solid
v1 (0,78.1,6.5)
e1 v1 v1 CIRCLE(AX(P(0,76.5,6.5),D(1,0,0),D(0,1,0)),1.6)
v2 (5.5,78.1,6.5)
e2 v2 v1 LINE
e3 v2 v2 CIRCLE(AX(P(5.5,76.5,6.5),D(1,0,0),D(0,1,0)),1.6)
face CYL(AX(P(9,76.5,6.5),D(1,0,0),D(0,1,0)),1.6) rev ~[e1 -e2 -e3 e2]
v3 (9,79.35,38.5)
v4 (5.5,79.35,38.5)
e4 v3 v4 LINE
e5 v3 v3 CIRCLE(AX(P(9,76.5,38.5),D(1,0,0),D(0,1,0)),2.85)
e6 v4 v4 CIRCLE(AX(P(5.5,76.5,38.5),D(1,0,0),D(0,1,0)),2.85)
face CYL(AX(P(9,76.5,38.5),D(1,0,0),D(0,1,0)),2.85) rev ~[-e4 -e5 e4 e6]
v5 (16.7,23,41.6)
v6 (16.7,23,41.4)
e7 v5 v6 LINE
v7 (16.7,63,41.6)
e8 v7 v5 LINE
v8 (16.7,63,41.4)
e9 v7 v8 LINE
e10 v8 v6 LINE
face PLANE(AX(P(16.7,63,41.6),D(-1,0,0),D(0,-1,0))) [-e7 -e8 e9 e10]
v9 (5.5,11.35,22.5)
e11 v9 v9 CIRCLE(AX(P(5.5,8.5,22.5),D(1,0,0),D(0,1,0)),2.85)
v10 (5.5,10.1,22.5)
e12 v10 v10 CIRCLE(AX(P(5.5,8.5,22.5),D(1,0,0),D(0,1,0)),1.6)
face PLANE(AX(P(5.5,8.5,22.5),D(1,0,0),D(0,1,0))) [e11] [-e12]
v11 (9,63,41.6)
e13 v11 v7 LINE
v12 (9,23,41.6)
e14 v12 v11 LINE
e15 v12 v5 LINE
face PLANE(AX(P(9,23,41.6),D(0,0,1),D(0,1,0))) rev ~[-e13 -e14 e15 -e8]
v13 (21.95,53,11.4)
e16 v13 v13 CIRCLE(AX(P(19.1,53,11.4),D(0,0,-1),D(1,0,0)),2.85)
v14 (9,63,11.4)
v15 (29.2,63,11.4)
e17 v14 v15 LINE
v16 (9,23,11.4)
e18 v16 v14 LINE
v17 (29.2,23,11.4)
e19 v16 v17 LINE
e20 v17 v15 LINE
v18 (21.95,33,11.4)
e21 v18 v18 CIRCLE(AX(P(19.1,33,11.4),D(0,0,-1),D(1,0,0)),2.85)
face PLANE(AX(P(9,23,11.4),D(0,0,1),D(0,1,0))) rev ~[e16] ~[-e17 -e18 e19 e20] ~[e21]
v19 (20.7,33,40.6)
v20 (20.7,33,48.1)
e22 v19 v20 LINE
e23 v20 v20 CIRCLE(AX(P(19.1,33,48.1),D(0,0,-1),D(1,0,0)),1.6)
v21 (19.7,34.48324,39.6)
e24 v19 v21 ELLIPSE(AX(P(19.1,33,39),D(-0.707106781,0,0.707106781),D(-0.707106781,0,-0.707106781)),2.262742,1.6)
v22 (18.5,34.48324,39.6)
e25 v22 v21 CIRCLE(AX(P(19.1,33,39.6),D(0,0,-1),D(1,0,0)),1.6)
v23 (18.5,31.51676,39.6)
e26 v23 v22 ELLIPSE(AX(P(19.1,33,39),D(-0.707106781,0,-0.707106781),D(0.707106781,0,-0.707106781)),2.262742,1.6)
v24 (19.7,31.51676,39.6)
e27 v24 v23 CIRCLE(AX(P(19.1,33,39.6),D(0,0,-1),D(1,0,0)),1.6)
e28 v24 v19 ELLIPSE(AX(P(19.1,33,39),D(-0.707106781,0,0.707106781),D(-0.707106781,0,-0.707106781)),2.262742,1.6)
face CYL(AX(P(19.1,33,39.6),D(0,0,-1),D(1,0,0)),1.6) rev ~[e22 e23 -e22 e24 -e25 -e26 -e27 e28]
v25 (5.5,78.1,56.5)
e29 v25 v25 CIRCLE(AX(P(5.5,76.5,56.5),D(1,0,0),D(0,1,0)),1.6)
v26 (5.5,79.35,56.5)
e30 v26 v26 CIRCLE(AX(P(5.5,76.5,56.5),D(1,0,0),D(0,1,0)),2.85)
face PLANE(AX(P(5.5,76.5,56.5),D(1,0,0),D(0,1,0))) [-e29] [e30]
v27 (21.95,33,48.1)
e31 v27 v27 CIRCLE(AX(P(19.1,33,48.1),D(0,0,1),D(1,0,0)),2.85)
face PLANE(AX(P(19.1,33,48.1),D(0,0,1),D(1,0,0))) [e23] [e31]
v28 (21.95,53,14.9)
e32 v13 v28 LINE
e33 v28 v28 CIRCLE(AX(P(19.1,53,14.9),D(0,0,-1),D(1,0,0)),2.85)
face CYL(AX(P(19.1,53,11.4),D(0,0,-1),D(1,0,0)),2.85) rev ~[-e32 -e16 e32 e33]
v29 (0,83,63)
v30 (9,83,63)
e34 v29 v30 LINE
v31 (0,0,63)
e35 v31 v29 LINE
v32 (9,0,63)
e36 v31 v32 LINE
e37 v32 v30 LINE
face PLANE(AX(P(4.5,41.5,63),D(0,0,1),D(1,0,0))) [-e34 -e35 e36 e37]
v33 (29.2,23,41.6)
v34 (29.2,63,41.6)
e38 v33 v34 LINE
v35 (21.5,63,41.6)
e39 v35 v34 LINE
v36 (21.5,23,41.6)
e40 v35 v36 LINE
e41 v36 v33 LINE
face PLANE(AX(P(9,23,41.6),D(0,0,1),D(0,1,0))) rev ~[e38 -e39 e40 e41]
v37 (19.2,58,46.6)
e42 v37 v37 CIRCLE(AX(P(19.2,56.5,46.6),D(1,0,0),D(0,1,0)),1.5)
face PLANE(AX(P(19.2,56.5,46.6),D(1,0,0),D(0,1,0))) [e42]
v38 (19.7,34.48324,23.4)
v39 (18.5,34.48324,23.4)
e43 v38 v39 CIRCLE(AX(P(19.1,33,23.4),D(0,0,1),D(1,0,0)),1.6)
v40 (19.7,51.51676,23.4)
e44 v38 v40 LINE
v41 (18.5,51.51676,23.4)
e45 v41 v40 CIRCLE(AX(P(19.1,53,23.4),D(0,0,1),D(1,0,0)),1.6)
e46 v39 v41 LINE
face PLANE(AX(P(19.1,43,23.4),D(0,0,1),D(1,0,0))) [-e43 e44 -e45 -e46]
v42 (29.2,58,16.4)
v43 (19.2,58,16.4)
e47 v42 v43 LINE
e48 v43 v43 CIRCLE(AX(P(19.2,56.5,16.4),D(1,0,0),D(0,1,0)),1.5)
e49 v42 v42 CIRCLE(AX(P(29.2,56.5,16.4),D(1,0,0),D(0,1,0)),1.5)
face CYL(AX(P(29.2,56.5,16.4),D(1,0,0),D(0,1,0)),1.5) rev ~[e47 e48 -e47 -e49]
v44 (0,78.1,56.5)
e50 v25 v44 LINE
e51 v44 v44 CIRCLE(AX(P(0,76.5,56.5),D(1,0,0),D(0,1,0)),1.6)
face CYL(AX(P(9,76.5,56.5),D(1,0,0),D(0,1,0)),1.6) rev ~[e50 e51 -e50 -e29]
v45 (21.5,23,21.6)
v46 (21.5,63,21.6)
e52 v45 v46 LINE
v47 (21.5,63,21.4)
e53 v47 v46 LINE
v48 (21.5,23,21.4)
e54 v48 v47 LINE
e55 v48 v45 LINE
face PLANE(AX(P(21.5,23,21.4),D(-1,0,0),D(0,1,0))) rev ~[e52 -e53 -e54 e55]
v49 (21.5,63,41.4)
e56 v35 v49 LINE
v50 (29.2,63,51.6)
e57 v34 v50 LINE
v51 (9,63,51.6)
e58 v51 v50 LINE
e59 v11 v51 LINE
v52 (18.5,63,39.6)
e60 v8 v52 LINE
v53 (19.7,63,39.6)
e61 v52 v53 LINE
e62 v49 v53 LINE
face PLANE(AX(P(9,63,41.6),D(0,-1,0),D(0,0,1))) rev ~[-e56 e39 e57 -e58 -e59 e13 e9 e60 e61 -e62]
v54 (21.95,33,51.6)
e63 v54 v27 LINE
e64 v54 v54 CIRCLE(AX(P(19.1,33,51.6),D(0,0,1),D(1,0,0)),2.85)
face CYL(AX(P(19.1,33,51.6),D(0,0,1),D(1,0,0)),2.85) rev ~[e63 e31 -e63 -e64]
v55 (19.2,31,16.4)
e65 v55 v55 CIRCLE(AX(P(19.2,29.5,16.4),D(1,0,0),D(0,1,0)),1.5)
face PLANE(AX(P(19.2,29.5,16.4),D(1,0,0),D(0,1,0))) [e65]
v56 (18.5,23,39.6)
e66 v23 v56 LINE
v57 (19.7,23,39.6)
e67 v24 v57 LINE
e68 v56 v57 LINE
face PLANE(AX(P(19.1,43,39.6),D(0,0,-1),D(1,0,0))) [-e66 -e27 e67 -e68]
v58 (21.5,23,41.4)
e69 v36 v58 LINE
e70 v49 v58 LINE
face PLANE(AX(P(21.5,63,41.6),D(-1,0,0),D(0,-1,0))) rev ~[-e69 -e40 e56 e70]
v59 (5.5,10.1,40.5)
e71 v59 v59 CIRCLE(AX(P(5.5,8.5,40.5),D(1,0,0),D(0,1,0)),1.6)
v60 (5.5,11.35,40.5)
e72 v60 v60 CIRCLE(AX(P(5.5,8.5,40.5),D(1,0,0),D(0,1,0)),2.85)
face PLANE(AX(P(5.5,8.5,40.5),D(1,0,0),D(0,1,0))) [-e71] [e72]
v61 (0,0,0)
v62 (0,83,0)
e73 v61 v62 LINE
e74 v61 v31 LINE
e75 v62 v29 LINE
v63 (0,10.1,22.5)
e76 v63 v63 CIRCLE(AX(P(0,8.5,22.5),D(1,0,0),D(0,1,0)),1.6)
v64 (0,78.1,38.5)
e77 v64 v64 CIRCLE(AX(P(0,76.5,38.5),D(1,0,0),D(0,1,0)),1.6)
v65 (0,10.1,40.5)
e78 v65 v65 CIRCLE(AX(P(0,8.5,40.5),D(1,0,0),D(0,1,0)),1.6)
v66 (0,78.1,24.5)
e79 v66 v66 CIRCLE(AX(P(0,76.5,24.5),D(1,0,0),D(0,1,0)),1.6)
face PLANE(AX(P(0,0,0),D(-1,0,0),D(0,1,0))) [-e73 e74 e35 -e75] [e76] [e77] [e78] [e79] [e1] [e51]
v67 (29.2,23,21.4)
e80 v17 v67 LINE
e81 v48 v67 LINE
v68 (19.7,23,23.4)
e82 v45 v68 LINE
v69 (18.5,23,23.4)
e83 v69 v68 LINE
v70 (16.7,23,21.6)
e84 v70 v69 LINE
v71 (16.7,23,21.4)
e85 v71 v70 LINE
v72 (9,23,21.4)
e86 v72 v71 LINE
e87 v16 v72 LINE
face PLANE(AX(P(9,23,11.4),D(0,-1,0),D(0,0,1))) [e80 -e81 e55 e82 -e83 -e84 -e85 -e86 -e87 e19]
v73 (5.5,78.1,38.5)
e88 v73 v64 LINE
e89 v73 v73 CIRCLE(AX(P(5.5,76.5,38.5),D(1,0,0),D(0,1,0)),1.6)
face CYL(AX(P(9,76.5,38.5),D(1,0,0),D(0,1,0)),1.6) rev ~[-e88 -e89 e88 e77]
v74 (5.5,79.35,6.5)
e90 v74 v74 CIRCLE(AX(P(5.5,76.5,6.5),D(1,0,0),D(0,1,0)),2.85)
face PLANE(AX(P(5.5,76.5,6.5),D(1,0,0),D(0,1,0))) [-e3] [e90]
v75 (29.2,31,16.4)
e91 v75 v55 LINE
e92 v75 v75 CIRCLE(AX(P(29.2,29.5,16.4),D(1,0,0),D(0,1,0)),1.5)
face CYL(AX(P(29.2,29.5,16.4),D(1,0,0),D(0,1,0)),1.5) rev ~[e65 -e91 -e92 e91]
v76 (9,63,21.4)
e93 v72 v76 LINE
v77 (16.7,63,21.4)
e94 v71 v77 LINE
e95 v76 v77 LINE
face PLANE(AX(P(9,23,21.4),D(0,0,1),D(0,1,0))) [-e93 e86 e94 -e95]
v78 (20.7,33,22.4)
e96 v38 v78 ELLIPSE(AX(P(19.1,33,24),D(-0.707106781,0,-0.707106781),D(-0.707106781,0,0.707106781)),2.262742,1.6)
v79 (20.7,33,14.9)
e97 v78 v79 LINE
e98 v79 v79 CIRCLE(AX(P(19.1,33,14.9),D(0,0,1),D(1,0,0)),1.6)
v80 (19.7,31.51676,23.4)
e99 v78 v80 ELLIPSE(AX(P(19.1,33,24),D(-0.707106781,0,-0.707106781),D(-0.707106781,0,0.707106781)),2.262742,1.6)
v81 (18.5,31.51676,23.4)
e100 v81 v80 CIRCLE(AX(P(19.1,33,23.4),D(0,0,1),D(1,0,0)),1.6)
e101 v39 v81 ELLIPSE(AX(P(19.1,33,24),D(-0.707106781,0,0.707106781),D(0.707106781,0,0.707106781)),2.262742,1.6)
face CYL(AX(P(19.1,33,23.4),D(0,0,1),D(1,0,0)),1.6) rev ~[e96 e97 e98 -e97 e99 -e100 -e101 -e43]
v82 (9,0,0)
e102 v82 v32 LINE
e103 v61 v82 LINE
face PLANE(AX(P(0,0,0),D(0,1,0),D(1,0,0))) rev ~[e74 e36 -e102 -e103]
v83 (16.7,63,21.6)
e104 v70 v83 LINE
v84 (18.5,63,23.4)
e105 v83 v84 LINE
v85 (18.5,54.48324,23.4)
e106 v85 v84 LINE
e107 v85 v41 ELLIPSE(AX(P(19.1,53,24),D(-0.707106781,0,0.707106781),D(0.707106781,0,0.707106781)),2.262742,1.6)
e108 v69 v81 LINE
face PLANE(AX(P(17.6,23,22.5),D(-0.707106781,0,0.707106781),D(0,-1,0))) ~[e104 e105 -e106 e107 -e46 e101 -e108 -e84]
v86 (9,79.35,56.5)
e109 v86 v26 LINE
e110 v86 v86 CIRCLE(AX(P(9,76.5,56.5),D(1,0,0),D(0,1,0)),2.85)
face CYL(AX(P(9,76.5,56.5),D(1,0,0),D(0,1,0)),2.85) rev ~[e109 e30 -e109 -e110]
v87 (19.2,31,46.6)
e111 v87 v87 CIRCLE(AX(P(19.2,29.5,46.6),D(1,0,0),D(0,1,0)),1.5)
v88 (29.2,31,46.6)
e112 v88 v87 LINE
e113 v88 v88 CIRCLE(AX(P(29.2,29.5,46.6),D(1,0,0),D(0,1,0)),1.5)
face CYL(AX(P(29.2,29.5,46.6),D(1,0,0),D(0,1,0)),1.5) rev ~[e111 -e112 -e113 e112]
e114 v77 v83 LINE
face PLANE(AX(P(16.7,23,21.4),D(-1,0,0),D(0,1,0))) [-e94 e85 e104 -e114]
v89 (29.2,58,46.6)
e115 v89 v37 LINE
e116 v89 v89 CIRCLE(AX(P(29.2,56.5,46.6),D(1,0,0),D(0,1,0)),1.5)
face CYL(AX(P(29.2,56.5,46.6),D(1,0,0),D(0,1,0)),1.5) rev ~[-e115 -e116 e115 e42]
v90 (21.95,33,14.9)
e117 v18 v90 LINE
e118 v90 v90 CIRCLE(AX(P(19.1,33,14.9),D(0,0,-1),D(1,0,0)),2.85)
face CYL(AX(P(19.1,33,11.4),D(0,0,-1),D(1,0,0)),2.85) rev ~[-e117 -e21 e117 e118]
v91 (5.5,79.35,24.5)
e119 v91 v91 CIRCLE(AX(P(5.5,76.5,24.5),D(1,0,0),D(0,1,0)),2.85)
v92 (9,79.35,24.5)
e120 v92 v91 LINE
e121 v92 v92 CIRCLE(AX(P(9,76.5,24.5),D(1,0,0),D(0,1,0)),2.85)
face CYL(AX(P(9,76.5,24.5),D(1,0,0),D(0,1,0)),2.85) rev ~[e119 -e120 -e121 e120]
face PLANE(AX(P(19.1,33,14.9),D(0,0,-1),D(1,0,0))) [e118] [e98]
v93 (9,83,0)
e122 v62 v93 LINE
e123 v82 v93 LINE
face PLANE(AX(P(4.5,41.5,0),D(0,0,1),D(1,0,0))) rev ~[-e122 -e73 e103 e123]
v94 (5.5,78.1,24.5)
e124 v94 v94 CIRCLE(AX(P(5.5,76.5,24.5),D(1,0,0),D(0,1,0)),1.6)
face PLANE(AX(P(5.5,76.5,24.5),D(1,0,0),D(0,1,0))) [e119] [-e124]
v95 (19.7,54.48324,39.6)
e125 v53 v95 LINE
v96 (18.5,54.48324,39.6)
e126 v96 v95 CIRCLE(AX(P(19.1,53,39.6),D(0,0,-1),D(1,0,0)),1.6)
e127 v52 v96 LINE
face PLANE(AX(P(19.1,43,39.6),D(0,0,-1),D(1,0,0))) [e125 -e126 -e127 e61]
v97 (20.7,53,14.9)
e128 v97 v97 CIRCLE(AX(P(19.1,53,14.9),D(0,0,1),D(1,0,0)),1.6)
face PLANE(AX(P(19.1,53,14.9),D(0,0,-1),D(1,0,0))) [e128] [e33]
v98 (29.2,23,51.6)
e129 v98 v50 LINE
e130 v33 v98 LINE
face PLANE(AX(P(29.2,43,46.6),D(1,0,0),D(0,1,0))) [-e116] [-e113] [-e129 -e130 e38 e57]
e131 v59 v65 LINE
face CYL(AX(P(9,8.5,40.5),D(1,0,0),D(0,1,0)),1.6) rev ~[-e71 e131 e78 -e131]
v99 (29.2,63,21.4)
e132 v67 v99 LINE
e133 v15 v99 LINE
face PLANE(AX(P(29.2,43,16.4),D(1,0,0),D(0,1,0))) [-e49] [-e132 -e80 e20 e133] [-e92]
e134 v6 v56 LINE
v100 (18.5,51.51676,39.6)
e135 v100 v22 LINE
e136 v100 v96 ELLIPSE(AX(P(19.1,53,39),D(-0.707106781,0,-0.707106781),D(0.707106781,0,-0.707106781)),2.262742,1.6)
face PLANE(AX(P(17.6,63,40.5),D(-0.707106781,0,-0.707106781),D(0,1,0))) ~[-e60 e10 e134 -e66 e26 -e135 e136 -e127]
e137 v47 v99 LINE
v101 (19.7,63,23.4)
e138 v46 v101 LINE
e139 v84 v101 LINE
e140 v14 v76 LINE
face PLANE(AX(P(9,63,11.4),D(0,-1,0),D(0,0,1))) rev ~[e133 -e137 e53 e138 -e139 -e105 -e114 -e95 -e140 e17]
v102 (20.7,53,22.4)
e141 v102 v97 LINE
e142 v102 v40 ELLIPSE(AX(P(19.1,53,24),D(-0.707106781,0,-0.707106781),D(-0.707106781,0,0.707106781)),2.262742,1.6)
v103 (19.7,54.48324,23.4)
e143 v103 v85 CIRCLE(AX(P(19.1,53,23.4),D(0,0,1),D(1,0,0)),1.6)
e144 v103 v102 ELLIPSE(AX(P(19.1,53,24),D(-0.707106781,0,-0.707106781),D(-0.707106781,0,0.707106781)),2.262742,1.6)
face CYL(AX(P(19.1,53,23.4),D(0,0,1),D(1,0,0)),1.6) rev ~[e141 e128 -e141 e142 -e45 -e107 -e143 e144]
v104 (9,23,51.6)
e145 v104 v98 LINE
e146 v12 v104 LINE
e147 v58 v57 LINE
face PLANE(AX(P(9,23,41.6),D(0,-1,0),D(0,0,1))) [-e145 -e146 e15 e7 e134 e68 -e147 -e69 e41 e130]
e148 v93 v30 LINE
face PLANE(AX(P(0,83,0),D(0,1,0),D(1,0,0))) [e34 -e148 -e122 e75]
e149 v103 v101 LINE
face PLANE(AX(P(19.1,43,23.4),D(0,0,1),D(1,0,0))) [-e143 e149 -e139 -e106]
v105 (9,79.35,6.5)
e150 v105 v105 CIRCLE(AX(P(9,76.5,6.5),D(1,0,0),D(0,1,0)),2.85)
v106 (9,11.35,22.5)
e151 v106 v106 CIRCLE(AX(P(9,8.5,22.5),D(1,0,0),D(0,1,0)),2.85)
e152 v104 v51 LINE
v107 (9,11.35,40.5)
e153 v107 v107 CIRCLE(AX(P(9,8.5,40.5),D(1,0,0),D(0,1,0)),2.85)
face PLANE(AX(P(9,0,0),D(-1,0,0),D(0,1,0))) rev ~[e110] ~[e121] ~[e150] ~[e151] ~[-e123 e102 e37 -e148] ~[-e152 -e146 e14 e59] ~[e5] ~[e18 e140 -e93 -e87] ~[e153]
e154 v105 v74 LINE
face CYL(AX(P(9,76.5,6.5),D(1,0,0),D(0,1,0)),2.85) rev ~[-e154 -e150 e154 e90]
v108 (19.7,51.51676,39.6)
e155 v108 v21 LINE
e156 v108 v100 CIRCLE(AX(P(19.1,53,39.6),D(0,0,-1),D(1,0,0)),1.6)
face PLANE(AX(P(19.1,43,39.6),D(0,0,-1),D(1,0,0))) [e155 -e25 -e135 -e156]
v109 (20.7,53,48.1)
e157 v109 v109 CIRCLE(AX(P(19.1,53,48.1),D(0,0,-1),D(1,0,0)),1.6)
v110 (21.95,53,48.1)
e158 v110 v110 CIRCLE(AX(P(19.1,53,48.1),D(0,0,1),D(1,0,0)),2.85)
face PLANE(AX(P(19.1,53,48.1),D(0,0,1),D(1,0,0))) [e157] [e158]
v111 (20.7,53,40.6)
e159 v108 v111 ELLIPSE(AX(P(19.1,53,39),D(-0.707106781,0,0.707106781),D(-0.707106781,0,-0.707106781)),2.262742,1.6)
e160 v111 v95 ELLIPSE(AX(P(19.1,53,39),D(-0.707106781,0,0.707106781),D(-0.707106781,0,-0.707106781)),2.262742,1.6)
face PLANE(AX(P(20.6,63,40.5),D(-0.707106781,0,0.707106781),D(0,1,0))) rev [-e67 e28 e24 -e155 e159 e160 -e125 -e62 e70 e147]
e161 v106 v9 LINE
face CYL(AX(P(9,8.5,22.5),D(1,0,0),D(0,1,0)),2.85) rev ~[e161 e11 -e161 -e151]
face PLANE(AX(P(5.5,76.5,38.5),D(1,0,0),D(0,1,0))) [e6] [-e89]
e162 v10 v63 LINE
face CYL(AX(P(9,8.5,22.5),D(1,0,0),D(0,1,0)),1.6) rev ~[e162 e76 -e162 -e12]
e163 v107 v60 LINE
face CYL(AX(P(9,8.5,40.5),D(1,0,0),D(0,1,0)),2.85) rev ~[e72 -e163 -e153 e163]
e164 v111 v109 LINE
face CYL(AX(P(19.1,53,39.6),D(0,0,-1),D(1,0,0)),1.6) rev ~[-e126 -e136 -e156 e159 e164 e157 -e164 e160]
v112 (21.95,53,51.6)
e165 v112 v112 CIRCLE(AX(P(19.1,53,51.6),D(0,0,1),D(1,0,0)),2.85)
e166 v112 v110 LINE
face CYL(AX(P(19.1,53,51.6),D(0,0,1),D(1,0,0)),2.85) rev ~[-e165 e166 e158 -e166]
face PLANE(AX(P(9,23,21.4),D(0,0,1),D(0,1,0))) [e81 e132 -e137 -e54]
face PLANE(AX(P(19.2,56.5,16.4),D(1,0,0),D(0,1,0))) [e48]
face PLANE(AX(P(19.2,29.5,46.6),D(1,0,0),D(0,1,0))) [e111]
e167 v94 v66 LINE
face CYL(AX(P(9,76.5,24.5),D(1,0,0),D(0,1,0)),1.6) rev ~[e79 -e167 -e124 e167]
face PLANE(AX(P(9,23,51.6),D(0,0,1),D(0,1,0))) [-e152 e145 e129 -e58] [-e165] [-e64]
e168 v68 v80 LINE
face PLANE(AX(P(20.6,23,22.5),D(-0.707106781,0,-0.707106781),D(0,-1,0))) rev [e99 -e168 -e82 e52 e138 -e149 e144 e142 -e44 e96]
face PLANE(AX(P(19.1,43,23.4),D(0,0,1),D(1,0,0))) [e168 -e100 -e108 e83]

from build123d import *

# Parameters (mm, degrees)
F1_W      = 9
F1_H      = 83
F2_DEPTH  = 63
F3_R      = 2.85
F4_DEPTH  = 3.5
F5_R      = 1.6
F6_DEPTH  = 25
F7_W      = 40
F7_H      = 10
F8_DEPTH  = 20.2
F9_W      = 4.8
F9_H      = 40
F10_DEPTH = 2
F11_SIZE  = 1.8
F12_R     = 1.6
F13_DEPTH = 25
F14_W     = 4.8
F14_H     = 40
F15_DEPTH = 2
F16_SIZE  = 1.8
F17_R     = 1.6
F18_DEPTH = 25
F19_R     = 2.85
F20_DEPTH = 3.5
F21_R     = 2.85
F22_DEPTH = 3.5
F23_R     = 1.5
F24_DEPTH = 10


with BuildPart() as f2:
    # F1 (on Top) → F2 (new body)
    with BuildSketch(Plane.XY):
        with Locations((4.5, 41.5)):
            Rectangle(F1_W, F1_H)
    extrude(amount=F2_DEPTH)

    # F3 (on face) → F4 (cut)
    with BuildSketch(Plane.YZ.offset(9)):
        with Locations((8.5, 40.5)):
            Circle(F3_R)
        with Locations((8.5, 22.5)):
            Circle(F3_R)
        with Locations((76.5, 56.5)):
            Circle(F3_R)
        with Locations((76.5, 38.5)):
            Circle(F3_R)
        with Locations((76.5, 24.5)):
            Circle(F3_R)
        with Locations((76.5, 6.5)):
            Circle(F3_R)
    extrude(amount=-F4_DEPTH, mode=Mode.SUBTRACT)

    # F5 (on face) → F6 (cut)
    with BuildSketch(Plane.YZ.offset(9)):
        with Locations((8.5, 40.5)):
            Circle(F5_R)
        with Locations((8.5, 22.5)):
            Circle(F5_R)
        with Locations((76.5, 24.5)):
            Circle(F5_R)
        with Locations((76.5, 38.5)):
            Circle(F5_R)
        with Locations((76.5, 56.5)):
            Circle(F5_R)
        with Locations((76.5, 6.5)):
            Circle(F5_R)
    extrude(amount=-F6_DEPTH, mode=Mode.SUBTRACT)

    # F7 (on face) → F8 (join)
    with BuildSketch(Plane.YZ.offset(9)):
        with Locations((43, 16.4)):
            Rectangle(F7_W, F7_H)
        with Locations((43, 46.6)):
            Rectangle(F7_W, F7_H)
    extrude(amount=F8_DEPTH)

    # F9 (on face) → F10 (join)
    with BuildSketch(Plane(origin=(0, 0, 41.6), x_dir=(1, 0, 0), z_dir=(0, 0, -1))):
        with Locations((19.1, -43)):
            Rectangle(F9_W, F9_H)
    extrude(amount=F10_DEPTH)

    # F11
    f11_edges = [f2.edges().sort_by_distance(p)[0] for p in [
        (21.5, 43, 39.6),
        (16.7, 43, 39.6),
    ]]
    chamfer(f11_edges, length=F11_SIZE)

    # F12 (on face) → F13 (cut)
    with BuildSketch(Plane(origin=(0, 0, 39.6), x_dir=(1, 0, 0), z_dir=(0, 0, -1))):
        with Locations((19.1, -33)):
            Circle(F12_R)
        with Locations((19.1, -53)):
            Circle(F12_R)
    extrude(amount=-F13_DEPTH, mode=Mode.SUBTRACT)

    # F14 (on face) → F15 (join)
    with BuildSketch(Plane.XY.offset(21.4)):
        with Locations((19.1, 43)):
            Rectangle(F14_W, F14_H)
    extrude(amount=F15_DEPTH)

    # F16
    f16_edges = [f2.edges().sort_by_distance(p)[0] for p in [
        (21.5, 43, 23.4),
        (16.7, 43, 23.4),
    ]]
    chamfer(f16_edges, length=F16_SIZE)

    # F17 (on face) → F18 (cut)
    with BuildSketch(Plane.XY.offset(23.4)):
        with Locations((19.1, 33)):
            Circle(F17_R)
        with Locations((19.1, 53)):
            Circle(F17_R)
    extrude(amount=-F18_DEPTH, mode=Mode.SUBTRACT)

    # F19 (on face) → F20 (cut)
    with BuildSketch(Plane(origin=(0, 0, 11.4), x_dir=(1, 0, 0), z_dir=(0, 0, -1))):
        with Locations((19.1, -33)):
            Circle(F19_R)
        with Locations((19.1, -53)):
            Circle(F19_R)
    extrude(amount=-F20_DEPTH, mode=Mode.SUBTRACT)

    # F21 (on face) → F22 (cut)
    with BuildSketch(Plane.XY.offset(51.6)):
        with Locations((19.1, 53)):
            Circle(F21_R)
        with Locations((19.1, 33)):
            Circle(F21_R)
    extrude(amount=-F22_DEPTH, mode=Mode.SUBTRACT)

    # F23 (on face) → F24 (cut)
    with BuildSketch(Plane.YZ.offset(29.2)):
        with Locations((56.5, 16.4)):
            Circle(F23_R)
        with Locations((29.5, 16.4)):
            Circle(F23_R)
        with Locations((29.5, 46.6)):
            Circle(F23_R)
        with Locations((56.5, 46.6)):
            Circle(F23_R)
    extrude(amount=-F24_DEPTH, mode=Mode.SUBTRACT)


solid = f2.part
